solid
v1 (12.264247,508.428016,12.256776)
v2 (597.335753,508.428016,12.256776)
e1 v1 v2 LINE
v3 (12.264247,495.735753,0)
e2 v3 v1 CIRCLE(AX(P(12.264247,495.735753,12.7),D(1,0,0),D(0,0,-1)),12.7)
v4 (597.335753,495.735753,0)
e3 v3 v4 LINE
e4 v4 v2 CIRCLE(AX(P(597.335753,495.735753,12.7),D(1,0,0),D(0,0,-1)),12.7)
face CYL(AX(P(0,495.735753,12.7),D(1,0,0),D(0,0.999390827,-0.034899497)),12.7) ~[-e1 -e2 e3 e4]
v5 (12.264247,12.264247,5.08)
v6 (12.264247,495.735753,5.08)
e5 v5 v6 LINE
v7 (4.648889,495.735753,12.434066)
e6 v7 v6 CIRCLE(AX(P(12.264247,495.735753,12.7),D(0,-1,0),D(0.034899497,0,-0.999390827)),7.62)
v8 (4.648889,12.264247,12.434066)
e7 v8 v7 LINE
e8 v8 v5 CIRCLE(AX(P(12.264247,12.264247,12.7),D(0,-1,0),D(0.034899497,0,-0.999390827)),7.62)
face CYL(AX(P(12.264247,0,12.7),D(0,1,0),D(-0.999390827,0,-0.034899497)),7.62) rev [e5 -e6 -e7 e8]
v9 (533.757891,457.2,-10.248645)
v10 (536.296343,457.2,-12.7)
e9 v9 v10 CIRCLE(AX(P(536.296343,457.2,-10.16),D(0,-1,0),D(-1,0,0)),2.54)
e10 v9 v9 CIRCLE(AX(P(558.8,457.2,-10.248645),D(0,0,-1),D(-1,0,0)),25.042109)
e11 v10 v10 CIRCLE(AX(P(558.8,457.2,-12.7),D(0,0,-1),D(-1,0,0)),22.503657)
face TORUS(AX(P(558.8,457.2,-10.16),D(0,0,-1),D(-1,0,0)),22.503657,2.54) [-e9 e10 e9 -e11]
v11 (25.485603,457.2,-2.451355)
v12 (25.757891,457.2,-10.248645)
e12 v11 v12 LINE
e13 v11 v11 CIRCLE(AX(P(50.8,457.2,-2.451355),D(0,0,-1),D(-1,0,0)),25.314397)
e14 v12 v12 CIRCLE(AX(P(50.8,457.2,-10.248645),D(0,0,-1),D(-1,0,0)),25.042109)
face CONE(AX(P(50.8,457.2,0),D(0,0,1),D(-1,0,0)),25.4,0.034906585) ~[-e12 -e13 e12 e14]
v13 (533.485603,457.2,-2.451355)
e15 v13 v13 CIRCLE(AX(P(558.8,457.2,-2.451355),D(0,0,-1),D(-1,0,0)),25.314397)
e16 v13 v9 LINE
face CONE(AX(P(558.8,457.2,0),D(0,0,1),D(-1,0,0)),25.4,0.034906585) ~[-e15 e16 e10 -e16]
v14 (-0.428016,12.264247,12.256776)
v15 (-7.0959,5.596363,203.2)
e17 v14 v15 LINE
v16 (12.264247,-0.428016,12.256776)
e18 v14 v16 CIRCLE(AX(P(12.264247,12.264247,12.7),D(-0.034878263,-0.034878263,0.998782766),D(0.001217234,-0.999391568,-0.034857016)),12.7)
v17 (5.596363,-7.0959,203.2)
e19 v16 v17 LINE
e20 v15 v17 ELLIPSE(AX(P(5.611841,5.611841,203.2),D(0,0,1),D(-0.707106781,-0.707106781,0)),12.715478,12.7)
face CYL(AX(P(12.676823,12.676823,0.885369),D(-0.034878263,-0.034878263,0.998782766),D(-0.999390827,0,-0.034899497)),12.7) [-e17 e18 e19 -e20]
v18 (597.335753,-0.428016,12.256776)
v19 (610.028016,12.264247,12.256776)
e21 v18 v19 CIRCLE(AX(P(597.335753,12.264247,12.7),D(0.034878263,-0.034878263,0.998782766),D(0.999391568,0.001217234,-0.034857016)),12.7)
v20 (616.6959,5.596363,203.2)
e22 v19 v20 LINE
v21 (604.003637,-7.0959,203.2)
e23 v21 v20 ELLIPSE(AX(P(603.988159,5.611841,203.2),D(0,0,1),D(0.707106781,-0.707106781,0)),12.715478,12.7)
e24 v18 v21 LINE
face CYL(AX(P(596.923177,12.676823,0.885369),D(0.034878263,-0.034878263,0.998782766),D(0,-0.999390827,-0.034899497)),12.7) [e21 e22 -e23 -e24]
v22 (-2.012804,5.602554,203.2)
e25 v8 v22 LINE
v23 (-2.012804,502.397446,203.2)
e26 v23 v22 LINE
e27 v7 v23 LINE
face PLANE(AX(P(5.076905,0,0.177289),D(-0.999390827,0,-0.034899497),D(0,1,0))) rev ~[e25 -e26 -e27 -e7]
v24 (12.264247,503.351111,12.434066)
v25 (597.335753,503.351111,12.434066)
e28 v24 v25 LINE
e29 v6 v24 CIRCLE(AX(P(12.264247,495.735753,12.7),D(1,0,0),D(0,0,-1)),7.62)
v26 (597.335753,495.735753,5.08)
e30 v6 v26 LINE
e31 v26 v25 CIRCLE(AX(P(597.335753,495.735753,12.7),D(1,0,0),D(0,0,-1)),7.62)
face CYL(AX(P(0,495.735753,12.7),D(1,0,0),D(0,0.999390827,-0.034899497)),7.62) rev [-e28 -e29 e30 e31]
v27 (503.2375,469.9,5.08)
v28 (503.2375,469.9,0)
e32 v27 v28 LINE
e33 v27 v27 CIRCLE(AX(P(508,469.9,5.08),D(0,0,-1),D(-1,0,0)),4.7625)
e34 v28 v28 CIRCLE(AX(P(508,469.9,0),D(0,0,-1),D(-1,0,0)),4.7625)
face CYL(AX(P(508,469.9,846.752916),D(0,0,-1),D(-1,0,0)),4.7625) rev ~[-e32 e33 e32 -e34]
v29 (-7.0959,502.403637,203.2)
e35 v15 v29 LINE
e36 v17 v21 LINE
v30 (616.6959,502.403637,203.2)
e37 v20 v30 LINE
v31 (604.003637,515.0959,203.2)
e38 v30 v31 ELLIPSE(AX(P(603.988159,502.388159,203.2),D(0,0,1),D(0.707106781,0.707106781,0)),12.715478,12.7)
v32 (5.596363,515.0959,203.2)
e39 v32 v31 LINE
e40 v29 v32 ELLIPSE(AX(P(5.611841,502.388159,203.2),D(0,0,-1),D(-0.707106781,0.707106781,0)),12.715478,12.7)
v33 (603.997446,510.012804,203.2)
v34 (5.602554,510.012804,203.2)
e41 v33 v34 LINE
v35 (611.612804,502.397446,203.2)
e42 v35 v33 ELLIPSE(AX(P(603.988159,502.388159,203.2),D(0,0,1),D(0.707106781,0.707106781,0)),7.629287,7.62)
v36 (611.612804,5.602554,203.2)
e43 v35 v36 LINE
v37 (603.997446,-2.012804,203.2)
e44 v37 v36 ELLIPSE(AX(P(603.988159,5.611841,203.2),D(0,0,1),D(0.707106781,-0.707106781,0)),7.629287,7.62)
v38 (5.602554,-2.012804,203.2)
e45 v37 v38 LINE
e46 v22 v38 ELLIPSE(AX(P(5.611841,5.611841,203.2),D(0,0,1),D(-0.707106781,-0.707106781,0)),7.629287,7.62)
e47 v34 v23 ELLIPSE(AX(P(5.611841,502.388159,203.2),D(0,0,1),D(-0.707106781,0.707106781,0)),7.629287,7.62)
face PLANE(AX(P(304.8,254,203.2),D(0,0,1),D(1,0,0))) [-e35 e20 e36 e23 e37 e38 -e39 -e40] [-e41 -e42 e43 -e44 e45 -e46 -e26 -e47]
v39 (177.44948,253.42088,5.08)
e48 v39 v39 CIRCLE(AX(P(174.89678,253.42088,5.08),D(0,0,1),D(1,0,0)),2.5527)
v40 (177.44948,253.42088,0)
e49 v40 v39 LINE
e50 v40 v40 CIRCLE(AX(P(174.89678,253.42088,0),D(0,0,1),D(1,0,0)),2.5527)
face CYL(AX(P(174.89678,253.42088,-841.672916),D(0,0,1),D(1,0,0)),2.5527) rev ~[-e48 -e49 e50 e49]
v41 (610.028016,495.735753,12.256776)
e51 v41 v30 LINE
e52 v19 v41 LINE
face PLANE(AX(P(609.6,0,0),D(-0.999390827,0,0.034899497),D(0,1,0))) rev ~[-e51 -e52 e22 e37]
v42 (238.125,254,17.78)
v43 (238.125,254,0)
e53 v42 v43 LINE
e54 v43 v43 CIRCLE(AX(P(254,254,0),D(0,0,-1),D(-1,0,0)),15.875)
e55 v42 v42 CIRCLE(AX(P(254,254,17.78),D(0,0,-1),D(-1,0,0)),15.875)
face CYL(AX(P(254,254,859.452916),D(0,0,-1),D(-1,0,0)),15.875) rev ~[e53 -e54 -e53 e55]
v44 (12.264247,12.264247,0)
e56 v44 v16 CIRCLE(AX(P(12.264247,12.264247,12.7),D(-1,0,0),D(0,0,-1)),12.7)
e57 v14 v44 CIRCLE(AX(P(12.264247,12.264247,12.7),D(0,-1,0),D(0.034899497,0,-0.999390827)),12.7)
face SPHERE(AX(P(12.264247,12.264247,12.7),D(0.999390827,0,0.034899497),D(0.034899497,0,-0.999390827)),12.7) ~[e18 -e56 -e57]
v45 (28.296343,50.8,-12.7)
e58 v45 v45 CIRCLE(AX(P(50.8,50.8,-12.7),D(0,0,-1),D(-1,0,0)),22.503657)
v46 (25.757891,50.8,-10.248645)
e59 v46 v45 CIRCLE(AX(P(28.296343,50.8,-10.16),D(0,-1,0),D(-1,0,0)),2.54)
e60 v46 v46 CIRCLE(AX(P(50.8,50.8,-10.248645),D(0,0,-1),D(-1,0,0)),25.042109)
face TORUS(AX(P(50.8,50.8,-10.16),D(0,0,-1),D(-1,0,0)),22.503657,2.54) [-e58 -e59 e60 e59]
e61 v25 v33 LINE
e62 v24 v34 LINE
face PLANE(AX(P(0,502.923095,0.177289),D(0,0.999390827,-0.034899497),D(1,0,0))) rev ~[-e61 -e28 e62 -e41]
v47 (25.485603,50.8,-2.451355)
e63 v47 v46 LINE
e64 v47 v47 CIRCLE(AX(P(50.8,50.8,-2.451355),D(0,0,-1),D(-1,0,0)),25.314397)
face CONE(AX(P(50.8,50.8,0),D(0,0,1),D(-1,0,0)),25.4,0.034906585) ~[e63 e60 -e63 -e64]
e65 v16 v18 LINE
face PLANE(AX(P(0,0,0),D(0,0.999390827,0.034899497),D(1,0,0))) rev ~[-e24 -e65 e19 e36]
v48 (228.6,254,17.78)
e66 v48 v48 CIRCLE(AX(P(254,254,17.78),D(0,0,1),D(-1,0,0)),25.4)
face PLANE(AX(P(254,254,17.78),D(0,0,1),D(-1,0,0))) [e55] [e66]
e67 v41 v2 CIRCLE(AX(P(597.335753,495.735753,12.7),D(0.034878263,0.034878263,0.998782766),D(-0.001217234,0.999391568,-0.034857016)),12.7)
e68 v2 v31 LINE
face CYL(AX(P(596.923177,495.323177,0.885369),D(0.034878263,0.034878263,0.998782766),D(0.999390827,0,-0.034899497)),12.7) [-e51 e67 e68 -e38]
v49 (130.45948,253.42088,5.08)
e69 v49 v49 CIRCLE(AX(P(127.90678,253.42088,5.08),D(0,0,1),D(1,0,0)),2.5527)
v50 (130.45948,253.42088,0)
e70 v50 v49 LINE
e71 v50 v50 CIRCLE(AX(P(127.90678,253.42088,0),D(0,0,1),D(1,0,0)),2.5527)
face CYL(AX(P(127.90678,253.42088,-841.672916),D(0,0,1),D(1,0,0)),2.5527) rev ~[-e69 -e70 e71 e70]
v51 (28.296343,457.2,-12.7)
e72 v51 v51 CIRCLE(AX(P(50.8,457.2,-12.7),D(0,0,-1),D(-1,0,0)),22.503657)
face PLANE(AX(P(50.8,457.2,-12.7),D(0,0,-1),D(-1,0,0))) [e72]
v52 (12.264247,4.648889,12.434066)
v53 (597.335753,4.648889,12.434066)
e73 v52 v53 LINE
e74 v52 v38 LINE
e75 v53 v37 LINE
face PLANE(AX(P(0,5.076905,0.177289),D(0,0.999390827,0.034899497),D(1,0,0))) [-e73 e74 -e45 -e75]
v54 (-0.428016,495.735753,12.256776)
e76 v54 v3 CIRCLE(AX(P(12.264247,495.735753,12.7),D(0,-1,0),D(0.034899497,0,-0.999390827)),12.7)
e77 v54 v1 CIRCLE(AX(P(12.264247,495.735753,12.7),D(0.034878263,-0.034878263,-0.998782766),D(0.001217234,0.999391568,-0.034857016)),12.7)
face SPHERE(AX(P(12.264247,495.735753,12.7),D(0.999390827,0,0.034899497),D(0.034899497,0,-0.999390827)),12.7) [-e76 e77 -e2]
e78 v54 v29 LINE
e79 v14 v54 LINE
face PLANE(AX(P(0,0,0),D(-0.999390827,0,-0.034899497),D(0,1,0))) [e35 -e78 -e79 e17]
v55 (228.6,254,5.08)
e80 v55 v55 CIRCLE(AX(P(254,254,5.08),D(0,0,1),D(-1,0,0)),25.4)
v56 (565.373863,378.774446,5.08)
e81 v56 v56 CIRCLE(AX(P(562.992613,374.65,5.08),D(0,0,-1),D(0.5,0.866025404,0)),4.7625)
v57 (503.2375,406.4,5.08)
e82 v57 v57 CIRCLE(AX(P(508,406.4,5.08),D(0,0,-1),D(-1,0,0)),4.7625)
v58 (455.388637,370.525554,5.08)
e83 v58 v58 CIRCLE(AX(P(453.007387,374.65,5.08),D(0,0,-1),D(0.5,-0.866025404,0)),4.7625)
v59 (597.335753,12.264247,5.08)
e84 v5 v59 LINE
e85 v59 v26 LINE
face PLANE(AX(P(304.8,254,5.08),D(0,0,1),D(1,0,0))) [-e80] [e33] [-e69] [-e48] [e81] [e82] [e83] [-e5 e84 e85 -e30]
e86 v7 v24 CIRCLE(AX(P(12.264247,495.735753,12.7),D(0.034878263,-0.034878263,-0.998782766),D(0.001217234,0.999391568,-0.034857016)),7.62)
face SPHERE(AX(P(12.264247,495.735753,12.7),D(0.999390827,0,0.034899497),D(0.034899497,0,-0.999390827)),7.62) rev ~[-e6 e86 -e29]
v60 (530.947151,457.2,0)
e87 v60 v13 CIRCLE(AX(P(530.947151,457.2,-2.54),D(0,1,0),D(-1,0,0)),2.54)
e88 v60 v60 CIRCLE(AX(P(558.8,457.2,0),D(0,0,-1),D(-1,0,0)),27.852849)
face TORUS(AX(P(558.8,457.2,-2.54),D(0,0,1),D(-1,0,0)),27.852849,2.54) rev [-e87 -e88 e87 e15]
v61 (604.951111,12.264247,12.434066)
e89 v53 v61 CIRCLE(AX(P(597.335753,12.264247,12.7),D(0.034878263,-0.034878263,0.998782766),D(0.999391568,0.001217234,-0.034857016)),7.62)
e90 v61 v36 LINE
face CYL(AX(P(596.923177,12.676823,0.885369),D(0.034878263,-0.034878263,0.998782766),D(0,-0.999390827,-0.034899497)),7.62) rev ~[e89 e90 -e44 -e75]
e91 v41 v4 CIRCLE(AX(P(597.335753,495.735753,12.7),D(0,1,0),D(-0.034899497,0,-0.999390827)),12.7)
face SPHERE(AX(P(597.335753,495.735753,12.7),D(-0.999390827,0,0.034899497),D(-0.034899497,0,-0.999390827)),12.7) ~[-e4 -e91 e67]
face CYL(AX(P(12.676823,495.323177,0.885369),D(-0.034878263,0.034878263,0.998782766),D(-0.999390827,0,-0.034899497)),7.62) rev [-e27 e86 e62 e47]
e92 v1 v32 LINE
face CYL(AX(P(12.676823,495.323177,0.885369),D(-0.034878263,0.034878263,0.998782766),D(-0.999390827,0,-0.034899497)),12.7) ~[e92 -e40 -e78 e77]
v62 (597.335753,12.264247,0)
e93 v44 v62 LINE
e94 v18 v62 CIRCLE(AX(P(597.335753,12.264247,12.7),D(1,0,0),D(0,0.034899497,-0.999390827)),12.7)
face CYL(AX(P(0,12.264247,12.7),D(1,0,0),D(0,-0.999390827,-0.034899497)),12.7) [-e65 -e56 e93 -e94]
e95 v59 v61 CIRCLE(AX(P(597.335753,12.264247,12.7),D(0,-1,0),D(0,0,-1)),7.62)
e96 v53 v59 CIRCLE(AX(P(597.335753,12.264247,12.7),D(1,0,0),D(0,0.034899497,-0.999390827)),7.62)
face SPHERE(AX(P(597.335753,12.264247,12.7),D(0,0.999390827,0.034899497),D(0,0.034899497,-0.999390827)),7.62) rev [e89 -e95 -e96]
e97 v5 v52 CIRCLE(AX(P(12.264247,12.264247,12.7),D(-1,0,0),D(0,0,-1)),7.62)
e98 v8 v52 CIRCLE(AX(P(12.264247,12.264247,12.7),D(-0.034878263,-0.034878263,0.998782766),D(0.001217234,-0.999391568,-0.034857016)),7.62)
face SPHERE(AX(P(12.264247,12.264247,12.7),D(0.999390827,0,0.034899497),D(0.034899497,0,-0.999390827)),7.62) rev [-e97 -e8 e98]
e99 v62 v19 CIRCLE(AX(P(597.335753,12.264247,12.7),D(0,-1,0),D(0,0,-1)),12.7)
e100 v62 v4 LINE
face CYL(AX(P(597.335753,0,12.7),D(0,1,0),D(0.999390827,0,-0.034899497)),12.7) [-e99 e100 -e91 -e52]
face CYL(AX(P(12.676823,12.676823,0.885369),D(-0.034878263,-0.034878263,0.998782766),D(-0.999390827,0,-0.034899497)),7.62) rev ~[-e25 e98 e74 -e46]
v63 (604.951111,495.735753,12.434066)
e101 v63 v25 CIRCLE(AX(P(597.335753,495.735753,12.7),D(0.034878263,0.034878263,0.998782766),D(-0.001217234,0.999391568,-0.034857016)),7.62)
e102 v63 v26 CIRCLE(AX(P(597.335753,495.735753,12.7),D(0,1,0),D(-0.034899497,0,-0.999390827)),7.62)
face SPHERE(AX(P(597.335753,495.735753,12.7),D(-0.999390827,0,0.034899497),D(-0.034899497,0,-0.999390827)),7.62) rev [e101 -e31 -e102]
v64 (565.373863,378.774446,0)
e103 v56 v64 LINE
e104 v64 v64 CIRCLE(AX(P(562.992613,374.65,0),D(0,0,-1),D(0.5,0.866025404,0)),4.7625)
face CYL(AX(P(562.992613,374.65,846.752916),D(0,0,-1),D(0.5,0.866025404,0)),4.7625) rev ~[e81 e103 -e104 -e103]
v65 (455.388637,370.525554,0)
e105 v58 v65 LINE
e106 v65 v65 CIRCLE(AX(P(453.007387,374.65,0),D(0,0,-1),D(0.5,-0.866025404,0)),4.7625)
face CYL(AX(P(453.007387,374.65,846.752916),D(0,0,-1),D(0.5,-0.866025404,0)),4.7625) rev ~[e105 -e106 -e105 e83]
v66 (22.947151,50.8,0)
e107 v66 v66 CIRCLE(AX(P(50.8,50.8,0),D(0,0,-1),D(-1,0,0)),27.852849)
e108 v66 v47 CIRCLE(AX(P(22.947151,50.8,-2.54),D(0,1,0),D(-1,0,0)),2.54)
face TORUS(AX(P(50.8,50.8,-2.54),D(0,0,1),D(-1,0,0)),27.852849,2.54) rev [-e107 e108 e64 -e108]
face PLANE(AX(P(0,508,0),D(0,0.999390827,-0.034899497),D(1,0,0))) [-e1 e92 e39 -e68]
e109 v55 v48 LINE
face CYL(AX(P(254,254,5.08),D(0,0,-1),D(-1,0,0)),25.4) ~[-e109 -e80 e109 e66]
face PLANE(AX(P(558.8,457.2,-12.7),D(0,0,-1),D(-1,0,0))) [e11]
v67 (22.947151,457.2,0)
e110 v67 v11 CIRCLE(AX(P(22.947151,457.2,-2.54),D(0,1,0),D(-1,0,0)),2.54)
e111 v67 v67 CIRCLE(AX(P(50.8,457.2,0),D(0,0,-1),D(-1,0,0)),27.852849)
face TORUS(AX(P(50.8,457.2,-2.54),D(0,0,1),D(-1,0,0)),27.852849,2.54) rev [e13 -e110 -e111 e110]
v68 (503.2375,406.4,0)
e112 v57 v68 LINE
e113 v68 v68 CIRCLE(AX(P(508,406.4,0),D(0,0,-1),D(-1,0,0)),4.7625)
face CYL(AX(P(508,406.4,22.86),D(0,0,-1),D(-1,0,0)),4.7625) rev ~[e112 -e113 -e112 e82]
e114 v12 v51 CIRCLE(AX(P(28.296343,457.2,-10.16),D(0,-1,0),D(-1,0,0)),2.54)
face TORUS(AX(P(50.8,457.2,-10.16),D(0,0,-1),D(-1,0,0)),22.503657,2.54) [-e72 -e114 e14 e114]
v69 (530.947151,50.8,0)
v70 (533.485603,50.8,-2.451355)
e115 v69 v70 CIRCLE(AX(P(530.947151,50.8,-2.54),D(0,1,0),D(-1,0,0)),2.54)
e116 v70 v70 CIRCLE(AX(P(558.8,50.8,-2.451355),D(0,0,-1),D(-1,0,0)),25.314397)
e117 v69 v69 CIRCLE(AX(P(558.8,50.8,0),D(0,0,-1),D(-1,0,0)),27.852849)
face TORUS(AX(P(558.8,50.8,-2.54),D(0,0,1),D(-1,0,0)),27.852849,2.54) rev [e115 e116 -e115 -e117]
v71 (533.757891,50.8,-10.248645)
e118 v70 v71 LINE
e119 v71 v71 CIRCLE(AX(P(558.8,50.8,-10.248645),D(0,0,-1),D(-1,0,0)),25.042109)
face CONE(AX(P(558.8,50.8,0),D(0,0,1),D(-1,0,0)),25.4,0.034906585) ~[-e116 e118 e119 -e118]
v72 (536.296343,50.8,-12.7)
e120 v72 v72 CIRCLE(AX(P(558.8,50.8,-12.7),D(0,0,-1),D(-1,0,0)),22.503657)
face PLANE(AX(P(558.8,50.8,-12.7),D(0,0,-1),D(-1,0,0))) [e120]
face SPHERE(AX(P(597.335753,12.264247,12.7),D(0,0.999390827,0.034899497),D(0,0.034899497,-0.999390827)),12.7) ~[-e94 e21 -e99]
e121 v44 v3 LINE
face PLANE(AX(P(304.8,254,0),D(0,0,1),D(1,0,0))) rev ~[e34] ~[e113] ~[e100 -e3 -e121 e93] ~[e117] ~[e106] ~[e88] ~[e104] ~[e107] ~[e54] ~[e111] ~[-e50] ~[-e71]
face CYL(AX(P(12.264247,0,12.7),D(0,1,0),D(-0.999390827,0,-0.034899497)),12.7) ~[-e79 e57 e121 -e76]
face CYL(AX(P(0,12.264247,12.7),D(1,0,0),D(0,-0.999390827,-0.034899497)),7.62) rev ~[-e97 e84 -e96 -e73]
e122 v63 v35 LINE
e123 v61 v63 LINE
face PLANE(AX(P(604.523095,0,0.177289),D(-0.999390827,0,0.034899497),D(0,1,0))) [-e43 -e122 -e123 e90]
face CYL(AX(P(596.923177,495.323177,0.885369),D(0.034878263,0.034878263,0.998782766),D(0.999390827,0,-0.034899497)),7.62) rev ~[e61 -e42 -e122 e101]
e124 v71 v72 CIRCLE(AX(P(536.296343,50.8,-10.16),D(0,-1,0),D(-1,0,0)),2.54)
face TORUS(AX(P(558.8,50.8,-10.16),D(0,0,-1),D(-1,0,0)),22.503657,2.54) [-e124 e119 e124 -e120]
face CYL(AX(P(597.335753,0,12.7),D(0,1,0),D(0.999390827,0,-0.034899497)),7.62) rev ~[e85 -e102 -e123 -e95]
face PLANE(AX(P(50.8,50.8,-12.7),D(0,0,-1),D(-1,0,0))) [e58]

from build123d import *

# Parameters (mm, degrees)
SKETCH1_W                        = 609.6
SKETCH1_H                        = 508
EXTRUDE1_DEPTH                   = 203.2
EXTRUDE1_DRAFT                   = -2
FILLET1_R                        = 12.7
SHELL1_T                         = -5.08
SKETCH2_R                        = 25.4
EXTRUDE2_DEPTH                   = 12.7
EXTRUDE2_DRAFT                   = 2
EXTRUDE2_PROFILE_2_DEPTH         = 12.7
EXTRUDE2_PROFILE_2_DRAFT         = 2
EXTRUDE2_PROFILE_3_DEPTH         = 12.7
EXTRUDE2_PROFILE_3_DRAFT         = 2
EXTRUDE2_PROFILE_4_DEPTH         = 12.7
EXTRUDE2_PROFILE_4_DRAFT         = 2
FILLET2_R                        = 2.54
SKETCH3_R                        = 25.4
EXTRUDE3_DEPTH                   = 12.7
F_1_1_DIAMETER_HOLE1_D           = 31.75
F_3_8_0_375_DIAMETER_HOLE1_D     = 9.525
F_3_8_0_375_DIAMETER_HOLE2_D     = 9.525
F_3_8_0_375_DIAMETER_HOLE2_DEPTH = 17.78
F_3_8_0_375_DIAMETER_HOLE2_TIP   = 2.861598698
CIRPATTERN1_COUNT                = 3
F_10_CLEARANCE_HOLE1_D           = 5.1054
LPATTERN1_COUNT                  = 2
LPATTERN1_PITCH                  = 46.99


with BuildPart() as part:
    # Sketch1 → Extrude1 (with draft: the straight prism first)
    with BuildSketch(Plane.XY):
        with Locations((304.8, 254)):
            Rectangle(SKETCH1_W, SKETCH1_H)
    extrude(amount=EXTRUDE1_DEPTH)
    # Extrude1: the draft: its side faces are tilted about the plane it starts from
    extrude1_sides = [part.faces().sort_by_distance(p)[0] for p in [
        (304.8, 0, 101.6),
        (609.6, 254, 101.6),
        (304.8, 508, 101.6),
        (0, 254, 101.6),
    ]]
    draft(extrude1_sides, Plane.XY, EXTRUDE1_DRAFT)

    # Fillet1
    fillet1_edges = [part.edges().sort_by_distance(p)[0] for p in [
        (304.8, 508, 0),
        (609.6, 254, 0),
        (304.8, 0, 0),
        (0, 254, 0),
        (-3.54795018, 511.54795018, 101.6),
        (613.14795018, 511.54795018, 101.6),
        (613.14795018, -3.54795018, 101.6),
        (-3.54795018, -3.54795018, 101.6),
    ]]
    fillet(fillet1_edges, radius=FILLET1_R)

    # Shell1
    shell1_openings = [part.faces().sort_by_distance(p)[0] for p in [
        (304.8, 254, 203.2),
    ]]
    offset(amount=SHELL1_T, openings=shell1_openings, kind=Kind.INTERSECTION)


with BuildPart() as extrude2_tool:
    # Sketch2 → Extrude2 (with draft: the straight prism first)
    with BuildSketch(Plane(origin=(0, 0, 0), x_dir=(-1, 0, 0), z_dir=(0, 0, -1))):
        with Locations((-558.8, 50.8)):
            Circle(SKETCH2_R)
    extrude(amount=EXTRUDE2_DEPTH)
    # Extrude2: the draft: its side faces are tilted about the plane it starts from
    extrude2_sides = [extrude2_tool.faces().sort_by_distance(p)[0] for p in [
        (584.2, 50.8, -6.35),
    ]]
    draft(extrude2_sides, Plane(origin=(0, 0, 0), x_dir=(-1, 0, 0), z_dir=(0, 0, -1)), EXTRUDE2_DRAFT)


with BuildPart() as part_1:
    add(part.part)

    # Extrude2: add extrude2_tool
    add(extrude2_tool.part)


with BuildPart() as extrude2_profile_2_tool:
    # Sketch2 → Extrude2 profile 2 (with draft: the straight prism first)
    with BuildSketch(Plane(origin=(0, 0, 0), x_dir=(-1, 0, 0), z_dir=(0, 0, -1))):
        with Locations((-50.8, 50.8)):
            Circle(SKETCH2_R)
    extrude(amount=EXTRUDE2_PROFILE_2_DEPTH)
    # Extrude2 profile 2: the draft: its side faces are tilted about the plane it starts from
    extrude2_profile_2_sides = [extrude2_profile_2_tool.faces().sort_by_distance(p)[0] for p in [
        (76.2, 50.8, -6.35),
    ]]
    draft(extrude2_profile_2_sides, Plane(origin=(0, 0, 0), x_dir=(-1, 0, 0), z_dir=(0, 0, -1)), EXTRUDE2_PROFILE_2_DRAFT)


with BuildPart() as part_2:
    add(part_1.part)

    # Extrude2 profile 2: add extrude2_profile_2_tool
    add(extrude2_profile_2_tool.part)


with BuildPart() as extrude2_profile_3_tool:
    # Sketch2 → Extrude2 profile 3 (with draft: the straight prism first)
    with BuildSketch(Plane(origin=(0, 0, 0), x_dir=(-1, 0, 0), z_dir=(0, 0, -1))):
        with Locations((-558.8, 457.2)):
            Circle(SKETCH2_R)
    extrude(amount=EXTRUDE2_PROFILE_3_DEPTH)
    # Extrude2 profile 3: the draft: its side faces are tilted about the plane it starts from
    extrude2_profile_3_sides = [extrude2_profile_3_tool.faces().sort_by_distance(p)[0] for p in [
        (584.2, 457.2, -6.35),
    ]]
    draft(extrude2_profile_3_sides, Plane(origin=(0, 0, 0), x_dir=(-1, 0, 0), z_dir=(0, 0, -1)), EXTRUDE2_PROFILE_3_DRAFT)


with BuildPart() as part_3:
    add(part_2.part)

    # Extrude2 profile 3: add extrude2_profile_3_tool
    add(extrude2_profile_3_tool.part)


with BuildPart() as extrude2_profile_4_tool:
    # Sketch2 → Extrude2 profile 4 (with draft: the straight prism first)
    with BuildSketch(Plane(origin=(0, 0, 0), x_dir=(-1, 0, 0), z_dir=(0, 0, -1))):
        with Locations((-50.8, 457.2)):
            Circle(SKETCH2_R)
    extrude(amount=EXTRUDE2_PROFILE_4_DEPTH)
    # Extrude2 profile 4: the draft: its side faces are tilted about the plane it starts from
    extrude2_profile_4_sides = [extrude2_profile_4_tool.faces().sort_by_distance(p)[0] for p in [
        (76.2, 457.2, -6.35),
    ]]
    draft(extrude2_profile_4_sides, Plane(origin=(0, 0, 0), x_dir=(-1, 0, 0), z_dir=(0, 0, -1)), EXTRUDE2_PROFILE_4_DRAFT)


with BuildPart() as part_4:
    add(part_3.part)

    # Extrude2 profile 4: add extrude2_profile_4_tool
    add(extrude2_profile_4_tool.part)

    # Fillet2
    fillet2_edges = [part_4.edges().sort_by_distance(p)[0] for p in [
        (584.2, 50.8, 0),
        (583.756506227, 50.8, -12.7),
        (76.2, 50.8, 0),
        (75.756506227, 50.8, -12.7),
        (584.2, 457.2, 0),
        (583.756506227, 457.2, -12.7),
        (76.2, 457.2, 0),
        (75.756506227, 457.2, -12.7),
    ]]
    fillet(fillet2_edges, radius=FILLET2_R)

    # Sketch3 → Extrude3 (add)
    with BuildSketch(Plane.XY.offset(5.08)):
        with Locations(Location((254, 254, 0), (0, 0, 180))):
            Circle(SKETCH3_R)
    extrude(amount=EXTRUDE3_DEPTH)

    # 1 (1) Diameter Hole1 (through all)
    with Locations(Plane(origin=(254, 254, 17.78), x_dir=(1, 0, 0), z_dir=(0, 0, 1))):
        with Locations((0, 0)):
            Hole(F_1_1_DIAMETER_HOLE1_D / 2)

    # 3/8 (0.375) Diameter Hole1 (through all)
    with Locations(Plane(origin=(508, 469.9, 5.08), x_dir=(1, 0, 0), z_dir=(0, 0, 1))):
        with Locations((0, 0)):
            f_3_8_0_375_diameter_hole1 = Hole(F_3_8_0_375_DIAMETER_HOLE1_D / 2)

    # 3/8 (0.375) Diameter Hole2
    with Locations(Plane.XY.offset(5.08)):
        with Locations((508, 406.4)):
            Hole(F_3_8_0_375_DIAMETER_HOLE2_D / 2, depth=F_3_8_0_375_DIAMETER_HOLE2_DEPTH)
            with Locations((0, 0, -(F_3_8_0_375_DIAMETER_HOLE2_DEPTH + F_3_8_0_375_DIAMETER_HOLE2_TIP / 2))):  # 118° drill point
                Cone(0, F_3_8_0_375_DIAMETER_HOLE2_D / 2, F_3_8_0_375_DIAMETER_HOLE2_TIP, mode=Mode.SUBTRACT)

    # CirPattern1: 3/8 (0.375) Diameter Hole1 ×3 about axis
    cirpattern1_axis = Axis((508, 406.4, 0), (0, 0, 1))
    for i in range(1, CIRPATTERN1_COUNT):
        add(f_3_8_0_375_diameter_hole1.rotate(cirpattern1_axis, i * 360 / CIRPATTERN1_COUNT), mode=Mode.SUBTRACT)

    # #10 Clearance Hole1 (through all)
    with Locations(Plane(origin=(127.90678, 253.42088, 0), x_dir=(-1, 0, 0), z_dir=(0, 0, -1))):
        with Locations((0, 0)):
            f_10_clearance_hole1 = Hole(F_10_CLEARANCE_HOLE1_D / 2)

    # LPattern1: #10 Clearance Hole1 ×2
    with Locations(*[(i * LPATTERN1_PITCH, 0, 0) for i in range(1, LPATTERN1_COUNT)]):
        add(f_10_clearance_hole1, mode=Mode.SUBTRACT)


solid = part_4.part
